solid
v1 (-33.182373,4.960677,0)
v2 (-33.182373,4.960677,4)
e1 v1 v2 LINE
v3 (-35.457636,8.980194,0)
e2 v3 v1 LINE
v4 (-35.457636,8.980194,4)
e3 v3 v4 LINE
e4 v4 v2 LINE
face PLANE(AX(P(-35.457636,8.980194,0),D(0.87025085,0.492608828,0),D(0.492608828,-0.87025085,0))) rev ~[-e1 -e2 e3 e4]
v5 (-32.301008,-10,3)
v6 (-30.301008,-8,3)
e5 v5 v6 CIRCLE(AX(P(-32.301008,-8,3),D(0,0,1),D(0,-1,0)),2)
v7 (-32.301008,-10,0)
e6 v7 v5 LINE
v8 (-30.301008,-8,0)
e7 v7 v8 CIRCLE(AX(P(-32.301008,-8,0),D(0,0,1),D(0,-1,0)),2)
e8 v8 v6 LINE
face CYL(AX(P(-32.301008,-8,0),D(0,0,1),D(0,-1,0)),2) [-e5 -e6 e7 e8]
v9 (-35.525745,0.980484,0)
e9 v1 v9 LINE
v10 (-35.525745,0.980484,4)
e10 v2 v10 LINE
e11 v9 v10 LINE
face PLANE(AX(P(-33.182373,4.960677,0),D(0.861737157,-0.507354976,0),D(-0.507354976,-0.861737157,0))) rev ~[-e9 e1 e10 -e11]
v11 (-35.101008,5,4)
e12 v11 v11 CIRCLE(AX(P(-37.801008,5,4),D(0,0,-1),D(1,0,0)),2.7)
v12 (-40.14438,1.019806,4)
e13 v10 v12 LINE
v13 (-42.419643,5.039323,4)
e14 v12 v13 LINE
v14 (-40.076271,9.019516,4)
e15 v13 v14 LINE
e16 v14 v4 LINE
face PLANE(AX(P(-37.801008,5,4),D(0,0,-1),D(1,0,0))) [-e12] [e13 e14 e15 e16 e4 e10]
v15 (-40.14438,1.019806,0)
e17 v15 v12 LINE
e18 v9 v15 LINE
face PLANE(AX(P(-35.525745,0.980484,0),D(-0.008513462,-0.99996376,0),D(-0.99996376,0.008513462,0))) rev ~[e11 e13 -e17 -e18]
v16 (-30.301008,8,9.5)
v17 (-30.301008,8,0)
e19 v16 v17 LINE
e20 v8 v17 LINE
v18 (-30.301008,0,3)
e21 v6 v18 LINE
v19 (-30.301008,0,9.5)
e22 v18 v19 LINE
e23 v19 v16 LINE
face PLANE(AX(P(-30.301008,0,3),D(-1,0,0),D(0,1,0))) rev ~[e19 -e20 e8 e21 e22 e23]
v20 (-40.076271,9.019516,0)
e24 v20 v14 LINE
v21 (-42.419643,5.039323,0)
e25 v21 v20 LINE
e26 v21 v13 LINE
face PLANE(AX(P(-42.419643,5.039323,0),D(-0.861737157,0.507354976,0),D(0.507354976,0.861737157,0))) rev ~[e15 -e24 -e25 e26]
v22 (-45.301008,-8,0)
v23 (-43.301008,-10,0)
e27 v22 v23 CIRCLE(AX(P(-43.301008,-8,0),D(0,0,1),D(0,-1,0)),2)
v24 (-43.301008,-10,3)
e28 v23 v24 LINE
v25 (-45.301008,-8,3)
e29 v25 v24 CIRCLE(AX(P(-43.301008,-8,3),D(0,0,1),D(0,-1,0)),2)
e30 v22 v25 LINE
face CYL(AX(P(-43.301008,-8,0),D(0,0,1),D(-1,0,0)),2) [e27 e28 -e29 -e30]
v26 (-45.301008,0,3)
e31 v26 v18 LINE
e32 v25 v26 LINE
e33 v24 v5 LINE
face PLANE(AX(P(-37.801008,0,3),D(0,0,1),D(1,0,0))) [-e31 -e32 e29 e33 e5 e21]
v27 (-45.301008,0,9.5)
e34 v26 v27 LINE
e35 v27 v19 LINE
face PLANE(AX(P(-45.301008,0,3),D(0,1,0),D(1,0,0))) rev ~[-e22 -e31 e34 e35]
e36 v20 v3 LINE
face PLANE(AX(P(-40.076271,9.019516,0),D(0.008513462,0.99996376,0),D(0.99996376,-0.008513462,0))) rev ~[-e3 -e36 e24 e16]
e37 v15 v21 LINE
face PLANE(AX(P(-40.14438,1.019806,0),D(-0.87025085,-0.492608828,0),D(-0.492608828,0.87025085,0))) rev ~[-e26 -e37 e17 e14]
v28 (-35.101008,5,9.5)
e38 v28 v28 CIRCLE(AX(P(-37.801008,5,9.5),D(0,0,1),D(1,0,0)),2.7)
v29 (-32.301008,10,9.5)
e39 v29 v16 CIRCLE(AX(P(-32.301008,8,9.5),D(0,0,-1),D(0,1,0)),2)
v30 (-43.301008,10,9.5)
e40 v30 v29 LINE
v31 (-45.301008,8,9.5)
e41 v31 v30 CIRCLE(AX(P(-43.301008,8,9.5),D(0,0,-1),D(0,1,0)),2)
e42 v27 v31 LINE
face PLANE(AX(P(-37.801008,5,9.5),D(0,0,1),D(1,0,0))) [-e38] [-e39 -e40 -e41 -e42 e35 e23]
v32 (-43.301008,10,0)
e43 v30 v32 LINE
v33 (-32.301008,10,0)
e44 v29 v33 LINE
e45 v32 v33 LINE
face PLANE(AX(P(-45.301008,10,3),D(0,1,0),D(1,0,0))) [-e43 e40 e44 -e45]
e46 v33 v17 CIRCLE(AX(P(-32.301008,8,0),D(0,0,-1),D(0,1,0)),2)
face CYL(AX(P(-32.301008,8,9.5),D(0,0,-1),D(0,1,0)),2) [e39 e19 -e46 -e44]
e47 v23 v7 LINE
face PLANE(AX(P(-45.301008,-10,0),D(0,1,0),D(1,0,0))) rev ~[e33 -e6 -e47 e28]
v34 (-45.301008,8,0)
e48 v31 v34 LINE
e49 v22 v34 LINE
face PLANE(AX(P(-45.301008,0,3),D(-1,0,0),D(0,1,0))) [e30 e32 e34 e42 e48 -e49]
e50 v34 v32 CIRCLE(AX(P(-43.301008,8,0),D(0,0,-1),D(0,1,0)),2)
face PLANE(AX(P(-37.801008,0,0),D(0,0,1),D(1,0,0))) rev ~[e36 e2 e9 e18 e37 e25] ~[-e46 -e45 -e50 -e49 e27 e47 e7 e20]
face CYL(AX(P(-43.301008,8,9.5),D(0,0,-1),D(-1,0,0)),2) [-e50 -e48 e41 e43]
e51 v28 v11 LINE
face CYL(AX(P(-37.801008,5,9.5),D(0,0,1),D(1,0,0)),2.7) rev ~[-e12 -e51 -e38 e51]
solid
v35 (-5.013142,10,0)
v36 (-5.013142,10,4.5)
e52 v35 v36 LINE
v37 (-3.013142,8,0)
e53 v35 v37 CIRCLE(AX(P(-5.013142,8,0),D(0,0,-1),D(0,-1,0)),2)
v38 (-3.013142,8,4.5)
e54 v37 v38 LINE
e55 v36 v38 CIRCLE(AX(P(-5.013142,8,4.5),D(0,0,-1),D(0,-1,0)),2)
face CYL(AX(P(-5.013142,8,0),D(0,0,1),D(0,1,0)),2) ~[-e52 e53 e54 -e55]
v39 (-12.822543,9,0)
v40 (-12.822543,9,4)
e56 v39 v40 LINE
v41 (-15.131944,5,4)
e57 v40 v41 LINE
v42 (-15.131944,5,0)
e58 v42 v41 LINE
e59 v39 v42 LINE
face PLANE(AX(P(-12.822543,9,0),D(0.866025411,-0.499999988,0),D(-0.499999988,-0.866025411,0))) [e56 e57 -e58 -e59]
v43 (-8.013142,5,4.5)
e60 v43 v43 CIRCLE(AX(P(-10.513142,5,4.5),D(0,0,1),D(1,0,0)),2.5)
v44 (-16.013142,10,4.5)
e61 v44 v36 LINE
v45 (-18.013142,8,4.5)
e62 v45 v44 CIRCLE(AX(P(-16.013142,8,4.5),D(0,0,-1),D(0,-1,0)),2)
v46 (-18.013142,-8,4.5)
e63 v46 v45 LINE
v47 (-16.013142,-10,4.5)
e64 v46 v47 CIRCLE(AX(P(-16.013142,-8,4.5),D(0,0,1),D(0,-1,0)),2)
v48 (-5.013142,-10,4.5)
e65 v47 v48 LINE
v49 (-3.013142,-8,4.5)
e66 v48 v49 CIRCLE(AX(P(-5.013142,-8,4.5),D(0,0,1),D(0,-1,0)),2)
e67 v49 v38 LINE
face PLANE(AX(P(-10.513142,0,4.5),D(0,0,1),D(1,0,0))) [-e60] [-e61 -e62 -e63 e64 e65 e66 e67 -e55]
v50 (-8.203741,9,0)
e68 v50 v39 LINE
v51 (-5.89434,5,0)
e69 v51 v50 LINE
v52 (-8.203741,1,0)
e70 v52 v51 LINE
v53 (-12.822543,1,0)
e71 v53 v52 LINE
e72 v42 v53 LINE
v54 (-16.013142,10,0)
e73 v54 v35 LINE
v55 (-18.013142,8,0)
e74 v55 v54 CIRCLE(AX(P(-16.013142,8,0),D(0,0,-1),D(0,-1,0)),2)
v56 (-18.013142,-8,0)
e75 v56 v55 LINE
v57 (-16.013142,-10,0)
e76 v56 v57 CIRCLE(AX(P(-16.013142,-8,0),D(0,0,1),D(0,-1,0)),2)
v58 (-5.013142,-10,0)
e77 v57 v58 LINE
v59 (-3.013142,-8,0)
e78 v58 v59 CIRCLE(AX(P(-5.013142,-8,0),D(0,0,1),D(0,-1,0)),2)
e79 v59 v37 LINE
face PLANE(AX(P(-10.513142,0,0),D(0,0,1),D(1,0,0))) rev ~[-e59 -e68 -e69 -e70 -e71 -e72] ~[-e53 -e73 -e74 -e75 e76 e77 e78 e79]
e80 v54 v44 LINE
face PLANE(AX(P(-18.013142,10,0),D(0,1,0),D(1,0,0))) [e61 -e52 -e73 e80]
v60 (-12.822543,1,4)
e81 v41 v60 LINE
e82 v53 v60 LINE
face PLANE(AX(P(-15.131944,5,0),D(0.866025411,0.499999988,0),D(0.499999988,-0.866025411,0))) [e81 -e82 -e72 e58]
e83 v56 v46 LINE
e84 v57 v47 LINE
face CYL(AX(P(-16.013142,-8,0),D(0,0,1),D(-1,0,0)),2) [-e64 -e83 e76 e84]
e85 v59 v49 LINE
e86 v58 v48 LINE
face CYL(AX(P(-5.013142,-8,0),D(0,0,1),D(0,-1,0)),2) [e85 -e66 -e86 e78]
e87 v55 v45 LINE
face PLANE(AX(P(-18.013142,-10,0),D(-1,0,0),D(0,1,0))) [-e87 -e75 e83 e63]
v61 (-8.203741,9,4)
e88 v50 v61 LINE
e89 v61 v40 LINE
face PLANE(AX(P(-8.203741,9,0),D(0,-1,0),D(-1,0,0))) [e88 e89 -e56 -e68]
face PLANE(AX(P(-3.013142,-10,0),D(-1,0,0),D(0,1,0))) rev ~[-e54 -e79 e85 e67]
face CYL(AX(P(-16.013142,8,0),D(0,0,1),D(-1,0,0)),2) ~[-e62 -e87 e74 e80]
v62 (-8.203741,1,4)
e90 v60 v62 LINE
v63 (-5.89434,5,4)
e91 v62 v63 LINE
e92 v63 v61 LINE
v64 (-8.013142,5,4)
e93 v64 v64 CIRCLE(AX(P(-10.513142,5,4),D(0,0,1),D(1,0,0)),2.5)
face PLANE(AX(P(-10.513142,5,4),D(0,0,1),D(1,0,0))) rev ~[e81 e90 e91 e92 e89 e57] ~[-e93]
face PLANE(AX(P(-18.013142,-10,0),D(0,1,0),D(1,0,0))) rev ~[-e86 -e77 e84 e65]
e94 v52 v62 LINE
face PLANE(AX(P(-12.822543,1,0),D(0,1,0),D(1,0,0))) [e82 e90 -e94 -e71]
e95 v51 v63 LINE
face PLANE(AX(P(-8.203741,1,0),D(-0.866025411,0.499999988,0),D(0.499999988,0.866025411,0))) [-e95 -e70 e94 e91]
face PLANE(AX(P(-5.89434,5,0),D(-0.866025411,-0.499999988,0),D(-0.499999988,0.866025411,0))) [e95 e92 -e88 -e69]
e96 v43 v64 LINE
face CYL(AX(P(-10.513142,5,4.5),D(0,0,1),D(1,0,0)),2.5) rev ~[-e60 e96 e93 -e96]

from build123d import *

# Parameters (mm, degrees)
F0_W      = 15
F0_H      = 20
F1_DEPTH  = 3
F2_W      = 15
F2_H      = 10
F3_DEPTH  = 6.5
F4_R      = 2.7
F5_DEPTH  = 25
F6_R      = 2
F7_W      = 15
F7_H      = 20
F8_DEPTH  = 4.5
F9_R      = 2.5
F10_DEPTH = 25
F11_R     = 2
F12_R     = 2.7
F13_DEPTH = 4
F15_DEPTH = 4


with BuildPart() as f1:
    # F0 (on Top) → F1 (new body)
    with BuildSketch(Plane.XY):
        with Locations((-37.801008, 0)):
            Rectangle(F0_W, F0_H)
    extrude(amount=F1_DEPTH)

    # F2 (on face) → F3 (join)
    with BuildSketch(Plane.XY.offset(3)):
        with Locations((-37.801008, 5)):
            Rectangle(F2_W, F2_H)
    extrude(amount=F3_DEPTH)

    # F4 (on face) → F5 (cut)
    with BuildSketch(Plane.XY.offset(9.5)):
        with Locations((-37.801008, 5)):
            Circle(F4_R)
    extrude(amount=-F5_DEPTH, mode=Mode.SUBTRACT)

    # F6
    f6_edges = [f1.edges().sort_by_distance(p)[0] for p in [
        (-45.301008, -10, 1.5),
        (-30.301008, -10, 1.5),
        (-30.301008, 10, 4.75),
        (-45.301008, 10, 4.75),
    ]]
    fillet(f6_edges, radius=F6_R)

    # F12 (on face) → F13 (cut)
    with BuildSketch(Plane(origin=(0, 0, 0), x_dir=(1, 0, 0), z_dir=(0, 0, -1))):
        Polygon((-42.419643, -5.039323), (-40.076271, -9.019516), (-35.457636, -8.980194), (-33.182373, -4.960677), (-35.525745, -0.980484), (-40.14438, -1.019806), align=None)
        with Locations((-37.801008, -5)):
            Circle(F12_R, mode=Mode.SUBTRACT)
    extrude(amount=-F13_DEPTH, mode=Mode.SUBTRACT)


with BuildPart() as f8:
    # F7 (on Top) → F8 (new body)
    with BuildSketch(Plane.XY):
        with Locations((-10.513142, 0)):
            Rectangle(F7_W, F7_H)
    extrude(amount=F8_DEPTH)

    # F9 (on face) → F10 (cut)
    with BuildSketch(Plane.XY.offset(4.5)):
        with Locations((-10.513142, 5)):
            Circle(F9_R)
    extrude(amount=-F10_DEPTH, mode=Mode.SUBTRACT)

    # F11
    f11_edges = [f8.edges().sort_by_distance(p)[0] for p in [
        (-18.013142, 10, 2.25),
        (-18.013142, -10, 2.25),
        (-3.013142, -10, 2.25),
        (-3.013142, 10, 2.25),
    ]]
    fillet(f11_edges, radius=F11_R)

    # F14 (on Top) → F15 (cut)
    with BuildSketch(Plane.XY):
        Polygon((-12.822543, 1), (-8.203741, 1), (-5.89434, 5), (-8.203741, 9), (-12.822543, 9), (-15.131944, 5), align=None)
    extrude(amount=F15_DEPTH, mode=Mode.SUBTRACT)


solid = Compound([f1.part, f8.part])
